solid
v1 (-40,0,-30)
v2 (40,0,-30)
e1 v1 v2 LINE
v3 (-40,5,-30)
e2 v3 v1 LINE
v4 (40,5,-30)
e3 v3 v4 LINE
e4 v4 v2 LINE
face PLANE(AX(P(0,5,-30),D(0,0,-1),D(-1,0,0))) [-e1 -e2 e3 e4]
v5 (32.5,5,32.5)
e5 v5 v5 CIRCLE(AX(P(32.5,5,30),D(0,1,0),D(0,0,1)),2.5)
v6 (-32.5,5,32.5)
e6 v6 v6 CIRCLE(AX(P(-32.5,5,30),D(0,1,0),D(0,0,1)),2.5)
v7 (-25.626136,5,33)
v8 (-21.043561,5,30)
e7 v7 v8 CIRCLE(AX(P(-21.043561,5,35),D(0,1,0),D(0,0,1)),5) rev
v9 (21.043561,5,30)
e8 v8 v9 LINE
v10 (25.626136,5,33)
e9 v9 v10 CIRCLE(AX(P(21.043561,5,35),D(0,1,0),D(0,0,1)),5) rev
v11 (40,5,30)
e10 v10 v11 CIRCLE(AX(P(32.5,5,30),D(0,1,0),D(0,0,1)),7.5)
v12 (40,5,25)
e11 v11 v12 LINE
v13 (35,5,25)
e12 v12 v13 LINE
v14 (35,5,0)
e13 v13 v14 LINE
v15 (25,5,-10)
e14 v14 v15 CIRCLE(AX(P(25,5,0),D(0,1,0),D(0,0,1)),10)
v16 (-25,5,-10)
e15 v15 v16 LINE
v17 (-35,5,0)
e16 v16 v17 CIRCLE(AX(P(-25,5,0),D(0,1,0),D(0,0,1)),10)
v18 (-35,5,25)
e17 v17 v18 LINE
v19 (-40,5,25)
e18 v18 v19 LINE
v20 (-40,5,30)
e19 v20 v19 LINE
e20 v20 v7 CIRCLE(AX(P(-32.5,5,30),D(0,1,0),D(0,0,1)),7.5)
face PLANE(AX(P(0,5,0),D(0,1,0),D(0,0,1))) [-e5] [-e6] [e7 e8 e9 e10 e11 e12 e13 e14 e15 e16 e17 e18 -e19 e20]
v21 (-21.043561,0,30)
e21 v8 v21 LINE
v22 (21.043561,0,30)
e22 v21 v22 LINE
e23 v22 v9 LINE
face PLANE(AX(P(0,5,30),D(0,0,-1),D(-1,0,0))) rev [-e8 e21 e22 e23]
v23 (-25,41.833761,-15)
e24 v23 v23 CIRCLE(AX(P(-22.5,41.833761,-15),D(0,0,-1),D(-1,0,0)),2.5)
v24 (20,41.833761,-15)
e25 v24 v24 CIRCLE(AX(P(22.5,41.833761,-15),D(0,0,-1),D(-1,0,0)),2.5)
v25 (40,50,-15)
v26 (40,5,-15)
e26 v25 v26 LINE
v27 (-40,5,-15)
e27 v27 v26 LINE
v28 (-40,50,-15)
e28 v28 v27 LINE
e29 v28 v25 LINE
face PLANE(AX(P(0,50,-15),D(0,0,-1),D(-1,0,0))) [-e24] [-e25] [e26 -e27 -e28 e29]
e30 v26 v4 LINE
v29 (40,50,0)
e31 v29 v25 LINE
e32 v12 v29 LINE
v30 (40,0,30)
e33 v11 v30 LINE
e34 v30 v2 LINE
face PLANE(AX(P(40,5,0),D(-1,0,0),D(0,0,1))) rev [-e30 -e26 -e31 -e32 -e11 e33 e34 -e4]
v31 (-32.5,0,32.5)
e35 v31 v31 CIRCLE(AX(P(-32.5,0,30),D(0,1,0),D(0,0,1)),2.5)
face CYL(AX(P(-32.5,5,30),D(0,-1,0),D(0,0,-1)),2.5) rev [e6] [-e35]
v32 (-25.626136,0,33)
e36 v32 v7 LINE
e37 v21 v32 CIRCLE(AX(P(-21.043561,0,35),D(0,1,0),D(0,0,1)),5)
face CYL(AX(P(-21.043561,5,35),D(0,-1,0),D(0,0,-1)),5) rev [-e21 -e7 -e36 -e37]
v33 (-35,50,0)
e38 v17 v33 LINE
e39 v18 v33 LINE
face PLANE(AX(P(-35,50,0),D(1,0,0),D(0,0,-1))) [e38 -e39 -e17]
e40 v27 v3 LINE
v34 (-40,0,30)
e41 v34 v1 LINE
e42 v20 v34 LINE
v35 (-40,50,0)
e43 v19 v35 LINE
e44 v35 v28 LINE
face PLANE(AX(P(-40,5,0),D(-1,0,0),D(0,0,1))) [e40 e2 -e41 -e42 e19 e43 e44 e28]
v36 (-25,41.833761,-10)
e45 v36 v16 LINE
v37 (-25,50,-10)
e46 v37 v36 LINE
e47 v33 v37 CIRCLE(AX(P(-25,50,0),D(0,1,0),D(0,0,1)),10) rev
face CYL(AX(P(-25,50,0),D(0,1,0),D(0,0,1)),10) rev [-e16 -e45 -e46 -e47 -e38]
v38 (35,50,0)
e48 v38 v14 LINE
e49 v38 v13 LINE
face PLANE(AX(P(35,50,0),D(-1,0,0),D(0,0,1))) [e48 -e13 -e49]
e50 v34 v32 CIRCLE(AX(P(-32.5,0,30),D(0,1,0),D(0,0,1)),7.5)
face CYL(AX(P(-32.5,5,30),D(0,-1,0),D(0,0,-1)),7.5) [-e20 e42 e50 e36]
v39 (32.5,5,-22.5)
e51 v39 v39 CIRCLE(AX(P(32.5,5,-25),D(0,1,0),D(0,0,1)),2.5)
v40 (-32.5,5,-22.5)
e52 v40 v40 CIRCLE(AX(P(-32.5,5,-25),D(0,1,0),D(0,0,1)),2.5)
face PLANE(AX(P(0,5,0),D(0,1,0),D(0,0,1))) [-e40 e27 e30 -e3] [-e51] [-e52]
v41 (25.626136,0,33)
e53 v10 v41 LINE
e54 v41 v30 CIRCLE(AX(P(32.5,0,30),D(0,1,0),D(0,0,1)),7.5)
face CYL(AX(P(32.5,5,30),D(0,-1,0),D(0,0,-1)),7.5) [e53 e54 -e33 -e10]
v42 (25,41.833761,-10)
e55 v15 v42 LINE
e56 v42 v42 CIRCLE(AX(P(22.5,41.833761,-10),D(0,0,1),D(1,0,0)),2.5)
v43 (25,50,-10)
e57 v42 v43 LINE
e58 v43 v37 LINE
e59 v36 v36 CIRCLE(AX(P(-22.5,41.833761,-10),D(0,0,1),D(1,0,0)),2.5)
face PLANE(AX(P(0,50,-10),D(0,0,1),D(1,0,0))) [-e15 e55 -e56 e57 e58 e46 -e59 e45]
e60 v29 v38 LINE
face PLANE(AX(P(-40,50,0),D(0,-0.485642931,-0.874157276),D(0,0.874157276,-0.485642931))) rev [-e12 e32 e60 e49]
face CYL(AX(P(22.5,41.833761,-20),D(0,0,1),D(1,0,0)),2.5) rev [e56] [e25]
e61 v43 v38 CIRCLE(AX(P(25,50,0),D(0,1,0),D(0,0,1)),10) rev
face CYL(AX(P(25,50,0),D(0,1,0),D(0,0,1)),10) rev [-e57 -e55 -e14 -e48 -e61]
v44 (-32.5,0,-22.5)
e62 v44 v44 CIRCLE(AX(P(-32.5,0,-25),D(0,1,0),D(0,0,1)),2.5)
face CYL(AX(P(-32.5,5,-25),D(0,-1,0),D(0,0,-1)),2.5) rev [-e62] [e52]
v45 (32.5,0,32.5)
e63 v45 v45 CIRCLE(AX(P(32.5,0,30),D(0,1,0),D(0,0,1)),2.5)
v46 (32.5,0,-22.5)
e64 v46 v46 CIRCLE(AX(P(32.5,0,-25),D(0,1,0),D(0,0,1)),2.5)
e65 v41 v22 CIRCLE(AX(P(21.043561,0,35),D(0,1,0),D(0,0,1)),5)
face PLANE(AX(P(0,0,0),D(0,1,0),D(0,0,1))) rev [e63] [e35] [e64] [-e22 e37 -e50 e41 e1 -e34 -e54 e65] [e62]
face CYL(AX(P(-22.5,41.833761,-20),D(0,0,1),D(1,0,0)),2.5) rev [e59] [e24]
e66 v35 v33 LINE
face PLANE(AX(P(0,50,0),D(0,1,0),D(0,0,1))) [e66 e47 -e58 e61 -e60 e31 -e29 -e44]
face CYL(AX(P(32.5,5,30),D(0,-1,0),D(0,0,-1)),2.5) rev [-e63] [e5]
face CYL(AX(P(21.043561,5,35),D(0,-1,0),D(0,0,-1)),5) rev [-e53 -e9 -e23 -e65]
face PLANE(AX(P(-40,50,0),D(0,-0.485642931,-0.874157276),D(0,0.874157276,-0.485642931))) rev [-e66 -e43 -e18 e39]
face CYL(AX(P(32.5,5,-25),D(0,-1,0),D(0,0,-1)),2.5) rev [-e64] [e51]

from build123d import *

# Parameters (mm, degrees)
SKETCH1_R             = 2.5
BOSS_EXTRUDE1_DEPTH   = 5
SKETCH1_W             = 80
SKETCH1_H             = 15
BOSS_EXTRUDE1_2_DEPTH = 5
BOSS_EXTRUDE2_DEPTH   = 50
CUT_EXTRUDE1_DEPTH    = 40
FILLET1_R             = 10
SKETCH3_R             = 2.5
CUT_EXTRUDE2_DEPTH    = 20
FILLET2_R             = 5


with BuildPart() as part:
    # Sketch1 → Boss-Extrude1 (new body)
    with BuildSketch(Plane(origin=(0, 0, 0), x_dir=(1, 0, 0), z_dir=(0, 1, 0))):
        with BuildLine():
            ThreePointArc((-40, -30), (-32.5, -37.5), (-25, -30))
            Line((-25, -30), (25, -30))
            ThreePointArc((25, -30), (32.5, -37.5), (40, -30))
            Line((40, -30), (40, -25))
            Line((40, -25), (35, -25))
            Line((35, -25), (35, 10))
            Line((35, 10), (-35, 10))
            Line((-35, 10), (-35, -25))
            Line((-35, -25), (-40, -25))
            Line((-40, -25), (-40, -30))
        make_face()
        with Locations((-32.5, -30)):
            Circle(SKETCH1_R, mode=Mode.SUBTRACT)
        with Locations((32.5, -30)):
            Circle(SKETCH1_R, mode=Mode.SUBTRACT)
    extrude(amount=BOSS_EXTRUDE1_DEPTH)



with BuildPart() as body_2:
    # Sketch1 → Boss-Extrude1 2 (new body)
    with BuildSketch(Plane(origin=(0, 0, 0), x_dir=(1, 0, 0), z_dir=(0, 1, 0))):
        with Locations((0, 22.5)):
            Rectangle(SKETCH1_W, SKETCH1_H)
        with Locations((-32.5, 25)):
            Circle(SKETCH1_R, mode=Mode.SUBTRACT)
        with Locations((32.5, 25)):
            Circle(SKETCH1_R, mode=Mode.SUBTRACT)
    extrude(amount=BOSS_EXTRUDE1_2_DEPTH)


with BuildPart() as part_1:
    add(part.part)

    add(body_2.part)  # Boss-Extrude2 merges body 2
    # Sketch1<3> → Boss-Extrude2 (add)
    with BuildSketch(Plane(origin=(0, 0, 0), x_dir=(1, 0, 0), z_dir=(0, 1, 0))):
        Polygon((-40, -25), (-35, -25), (-35, 10), (35, 10), (35, -25), (40, -25), (40, 15), (-40, 15), align=None)
    extrude(amount=BOSS_EXTRUDE2_DEPTH)

    # Sketch2 → Cut-Extrude1 (cut, symmetric)
    with BuildSketch(Plane(origin=(0, 0, 0), x_dir=(0, 0, -1), z_dir=(1, 0, 0))):
        Polygon((0, 50), (-25, 5), (-25, 50), align=None)
    extrude(amount=CUT_EXTRUDE1_DEPTH, both=True, mode=Mode.SUBTRACT)

    # Fillet1
    fillet1_edges = [part_1.edges().sort_by_distance(p)[0] for p in [
        (-35, 27.5, -10),
        (35, 27.5, -10),
    ]]
    fillet(fillet1_edges, radius=FILLET1_R)

    # Sketch3 → Cut-Extrude2 (cut)
    with BuildSketch(Plane.XY):
        with Locations((-22.5, 41.833761029)):
            Circle(SKETCH3_R)
        with Locations((22.5, 41.833761029)):
            Circle(SKETCH3_R)
    extrude(amount=-CUT_EXTRUDE2_DEPTH, mode=Mode.SUBTRACT)

    # Fillet2
    fillet2_edges = [part_1.edges().sort_by_distance(p)[0] for p in [
        (25, 2.5, 30),
        (-25, 2.5, 30),
    ]]
    fillet(fillet2_edges, radius=FILLET2_R)


solid = part_1.part
